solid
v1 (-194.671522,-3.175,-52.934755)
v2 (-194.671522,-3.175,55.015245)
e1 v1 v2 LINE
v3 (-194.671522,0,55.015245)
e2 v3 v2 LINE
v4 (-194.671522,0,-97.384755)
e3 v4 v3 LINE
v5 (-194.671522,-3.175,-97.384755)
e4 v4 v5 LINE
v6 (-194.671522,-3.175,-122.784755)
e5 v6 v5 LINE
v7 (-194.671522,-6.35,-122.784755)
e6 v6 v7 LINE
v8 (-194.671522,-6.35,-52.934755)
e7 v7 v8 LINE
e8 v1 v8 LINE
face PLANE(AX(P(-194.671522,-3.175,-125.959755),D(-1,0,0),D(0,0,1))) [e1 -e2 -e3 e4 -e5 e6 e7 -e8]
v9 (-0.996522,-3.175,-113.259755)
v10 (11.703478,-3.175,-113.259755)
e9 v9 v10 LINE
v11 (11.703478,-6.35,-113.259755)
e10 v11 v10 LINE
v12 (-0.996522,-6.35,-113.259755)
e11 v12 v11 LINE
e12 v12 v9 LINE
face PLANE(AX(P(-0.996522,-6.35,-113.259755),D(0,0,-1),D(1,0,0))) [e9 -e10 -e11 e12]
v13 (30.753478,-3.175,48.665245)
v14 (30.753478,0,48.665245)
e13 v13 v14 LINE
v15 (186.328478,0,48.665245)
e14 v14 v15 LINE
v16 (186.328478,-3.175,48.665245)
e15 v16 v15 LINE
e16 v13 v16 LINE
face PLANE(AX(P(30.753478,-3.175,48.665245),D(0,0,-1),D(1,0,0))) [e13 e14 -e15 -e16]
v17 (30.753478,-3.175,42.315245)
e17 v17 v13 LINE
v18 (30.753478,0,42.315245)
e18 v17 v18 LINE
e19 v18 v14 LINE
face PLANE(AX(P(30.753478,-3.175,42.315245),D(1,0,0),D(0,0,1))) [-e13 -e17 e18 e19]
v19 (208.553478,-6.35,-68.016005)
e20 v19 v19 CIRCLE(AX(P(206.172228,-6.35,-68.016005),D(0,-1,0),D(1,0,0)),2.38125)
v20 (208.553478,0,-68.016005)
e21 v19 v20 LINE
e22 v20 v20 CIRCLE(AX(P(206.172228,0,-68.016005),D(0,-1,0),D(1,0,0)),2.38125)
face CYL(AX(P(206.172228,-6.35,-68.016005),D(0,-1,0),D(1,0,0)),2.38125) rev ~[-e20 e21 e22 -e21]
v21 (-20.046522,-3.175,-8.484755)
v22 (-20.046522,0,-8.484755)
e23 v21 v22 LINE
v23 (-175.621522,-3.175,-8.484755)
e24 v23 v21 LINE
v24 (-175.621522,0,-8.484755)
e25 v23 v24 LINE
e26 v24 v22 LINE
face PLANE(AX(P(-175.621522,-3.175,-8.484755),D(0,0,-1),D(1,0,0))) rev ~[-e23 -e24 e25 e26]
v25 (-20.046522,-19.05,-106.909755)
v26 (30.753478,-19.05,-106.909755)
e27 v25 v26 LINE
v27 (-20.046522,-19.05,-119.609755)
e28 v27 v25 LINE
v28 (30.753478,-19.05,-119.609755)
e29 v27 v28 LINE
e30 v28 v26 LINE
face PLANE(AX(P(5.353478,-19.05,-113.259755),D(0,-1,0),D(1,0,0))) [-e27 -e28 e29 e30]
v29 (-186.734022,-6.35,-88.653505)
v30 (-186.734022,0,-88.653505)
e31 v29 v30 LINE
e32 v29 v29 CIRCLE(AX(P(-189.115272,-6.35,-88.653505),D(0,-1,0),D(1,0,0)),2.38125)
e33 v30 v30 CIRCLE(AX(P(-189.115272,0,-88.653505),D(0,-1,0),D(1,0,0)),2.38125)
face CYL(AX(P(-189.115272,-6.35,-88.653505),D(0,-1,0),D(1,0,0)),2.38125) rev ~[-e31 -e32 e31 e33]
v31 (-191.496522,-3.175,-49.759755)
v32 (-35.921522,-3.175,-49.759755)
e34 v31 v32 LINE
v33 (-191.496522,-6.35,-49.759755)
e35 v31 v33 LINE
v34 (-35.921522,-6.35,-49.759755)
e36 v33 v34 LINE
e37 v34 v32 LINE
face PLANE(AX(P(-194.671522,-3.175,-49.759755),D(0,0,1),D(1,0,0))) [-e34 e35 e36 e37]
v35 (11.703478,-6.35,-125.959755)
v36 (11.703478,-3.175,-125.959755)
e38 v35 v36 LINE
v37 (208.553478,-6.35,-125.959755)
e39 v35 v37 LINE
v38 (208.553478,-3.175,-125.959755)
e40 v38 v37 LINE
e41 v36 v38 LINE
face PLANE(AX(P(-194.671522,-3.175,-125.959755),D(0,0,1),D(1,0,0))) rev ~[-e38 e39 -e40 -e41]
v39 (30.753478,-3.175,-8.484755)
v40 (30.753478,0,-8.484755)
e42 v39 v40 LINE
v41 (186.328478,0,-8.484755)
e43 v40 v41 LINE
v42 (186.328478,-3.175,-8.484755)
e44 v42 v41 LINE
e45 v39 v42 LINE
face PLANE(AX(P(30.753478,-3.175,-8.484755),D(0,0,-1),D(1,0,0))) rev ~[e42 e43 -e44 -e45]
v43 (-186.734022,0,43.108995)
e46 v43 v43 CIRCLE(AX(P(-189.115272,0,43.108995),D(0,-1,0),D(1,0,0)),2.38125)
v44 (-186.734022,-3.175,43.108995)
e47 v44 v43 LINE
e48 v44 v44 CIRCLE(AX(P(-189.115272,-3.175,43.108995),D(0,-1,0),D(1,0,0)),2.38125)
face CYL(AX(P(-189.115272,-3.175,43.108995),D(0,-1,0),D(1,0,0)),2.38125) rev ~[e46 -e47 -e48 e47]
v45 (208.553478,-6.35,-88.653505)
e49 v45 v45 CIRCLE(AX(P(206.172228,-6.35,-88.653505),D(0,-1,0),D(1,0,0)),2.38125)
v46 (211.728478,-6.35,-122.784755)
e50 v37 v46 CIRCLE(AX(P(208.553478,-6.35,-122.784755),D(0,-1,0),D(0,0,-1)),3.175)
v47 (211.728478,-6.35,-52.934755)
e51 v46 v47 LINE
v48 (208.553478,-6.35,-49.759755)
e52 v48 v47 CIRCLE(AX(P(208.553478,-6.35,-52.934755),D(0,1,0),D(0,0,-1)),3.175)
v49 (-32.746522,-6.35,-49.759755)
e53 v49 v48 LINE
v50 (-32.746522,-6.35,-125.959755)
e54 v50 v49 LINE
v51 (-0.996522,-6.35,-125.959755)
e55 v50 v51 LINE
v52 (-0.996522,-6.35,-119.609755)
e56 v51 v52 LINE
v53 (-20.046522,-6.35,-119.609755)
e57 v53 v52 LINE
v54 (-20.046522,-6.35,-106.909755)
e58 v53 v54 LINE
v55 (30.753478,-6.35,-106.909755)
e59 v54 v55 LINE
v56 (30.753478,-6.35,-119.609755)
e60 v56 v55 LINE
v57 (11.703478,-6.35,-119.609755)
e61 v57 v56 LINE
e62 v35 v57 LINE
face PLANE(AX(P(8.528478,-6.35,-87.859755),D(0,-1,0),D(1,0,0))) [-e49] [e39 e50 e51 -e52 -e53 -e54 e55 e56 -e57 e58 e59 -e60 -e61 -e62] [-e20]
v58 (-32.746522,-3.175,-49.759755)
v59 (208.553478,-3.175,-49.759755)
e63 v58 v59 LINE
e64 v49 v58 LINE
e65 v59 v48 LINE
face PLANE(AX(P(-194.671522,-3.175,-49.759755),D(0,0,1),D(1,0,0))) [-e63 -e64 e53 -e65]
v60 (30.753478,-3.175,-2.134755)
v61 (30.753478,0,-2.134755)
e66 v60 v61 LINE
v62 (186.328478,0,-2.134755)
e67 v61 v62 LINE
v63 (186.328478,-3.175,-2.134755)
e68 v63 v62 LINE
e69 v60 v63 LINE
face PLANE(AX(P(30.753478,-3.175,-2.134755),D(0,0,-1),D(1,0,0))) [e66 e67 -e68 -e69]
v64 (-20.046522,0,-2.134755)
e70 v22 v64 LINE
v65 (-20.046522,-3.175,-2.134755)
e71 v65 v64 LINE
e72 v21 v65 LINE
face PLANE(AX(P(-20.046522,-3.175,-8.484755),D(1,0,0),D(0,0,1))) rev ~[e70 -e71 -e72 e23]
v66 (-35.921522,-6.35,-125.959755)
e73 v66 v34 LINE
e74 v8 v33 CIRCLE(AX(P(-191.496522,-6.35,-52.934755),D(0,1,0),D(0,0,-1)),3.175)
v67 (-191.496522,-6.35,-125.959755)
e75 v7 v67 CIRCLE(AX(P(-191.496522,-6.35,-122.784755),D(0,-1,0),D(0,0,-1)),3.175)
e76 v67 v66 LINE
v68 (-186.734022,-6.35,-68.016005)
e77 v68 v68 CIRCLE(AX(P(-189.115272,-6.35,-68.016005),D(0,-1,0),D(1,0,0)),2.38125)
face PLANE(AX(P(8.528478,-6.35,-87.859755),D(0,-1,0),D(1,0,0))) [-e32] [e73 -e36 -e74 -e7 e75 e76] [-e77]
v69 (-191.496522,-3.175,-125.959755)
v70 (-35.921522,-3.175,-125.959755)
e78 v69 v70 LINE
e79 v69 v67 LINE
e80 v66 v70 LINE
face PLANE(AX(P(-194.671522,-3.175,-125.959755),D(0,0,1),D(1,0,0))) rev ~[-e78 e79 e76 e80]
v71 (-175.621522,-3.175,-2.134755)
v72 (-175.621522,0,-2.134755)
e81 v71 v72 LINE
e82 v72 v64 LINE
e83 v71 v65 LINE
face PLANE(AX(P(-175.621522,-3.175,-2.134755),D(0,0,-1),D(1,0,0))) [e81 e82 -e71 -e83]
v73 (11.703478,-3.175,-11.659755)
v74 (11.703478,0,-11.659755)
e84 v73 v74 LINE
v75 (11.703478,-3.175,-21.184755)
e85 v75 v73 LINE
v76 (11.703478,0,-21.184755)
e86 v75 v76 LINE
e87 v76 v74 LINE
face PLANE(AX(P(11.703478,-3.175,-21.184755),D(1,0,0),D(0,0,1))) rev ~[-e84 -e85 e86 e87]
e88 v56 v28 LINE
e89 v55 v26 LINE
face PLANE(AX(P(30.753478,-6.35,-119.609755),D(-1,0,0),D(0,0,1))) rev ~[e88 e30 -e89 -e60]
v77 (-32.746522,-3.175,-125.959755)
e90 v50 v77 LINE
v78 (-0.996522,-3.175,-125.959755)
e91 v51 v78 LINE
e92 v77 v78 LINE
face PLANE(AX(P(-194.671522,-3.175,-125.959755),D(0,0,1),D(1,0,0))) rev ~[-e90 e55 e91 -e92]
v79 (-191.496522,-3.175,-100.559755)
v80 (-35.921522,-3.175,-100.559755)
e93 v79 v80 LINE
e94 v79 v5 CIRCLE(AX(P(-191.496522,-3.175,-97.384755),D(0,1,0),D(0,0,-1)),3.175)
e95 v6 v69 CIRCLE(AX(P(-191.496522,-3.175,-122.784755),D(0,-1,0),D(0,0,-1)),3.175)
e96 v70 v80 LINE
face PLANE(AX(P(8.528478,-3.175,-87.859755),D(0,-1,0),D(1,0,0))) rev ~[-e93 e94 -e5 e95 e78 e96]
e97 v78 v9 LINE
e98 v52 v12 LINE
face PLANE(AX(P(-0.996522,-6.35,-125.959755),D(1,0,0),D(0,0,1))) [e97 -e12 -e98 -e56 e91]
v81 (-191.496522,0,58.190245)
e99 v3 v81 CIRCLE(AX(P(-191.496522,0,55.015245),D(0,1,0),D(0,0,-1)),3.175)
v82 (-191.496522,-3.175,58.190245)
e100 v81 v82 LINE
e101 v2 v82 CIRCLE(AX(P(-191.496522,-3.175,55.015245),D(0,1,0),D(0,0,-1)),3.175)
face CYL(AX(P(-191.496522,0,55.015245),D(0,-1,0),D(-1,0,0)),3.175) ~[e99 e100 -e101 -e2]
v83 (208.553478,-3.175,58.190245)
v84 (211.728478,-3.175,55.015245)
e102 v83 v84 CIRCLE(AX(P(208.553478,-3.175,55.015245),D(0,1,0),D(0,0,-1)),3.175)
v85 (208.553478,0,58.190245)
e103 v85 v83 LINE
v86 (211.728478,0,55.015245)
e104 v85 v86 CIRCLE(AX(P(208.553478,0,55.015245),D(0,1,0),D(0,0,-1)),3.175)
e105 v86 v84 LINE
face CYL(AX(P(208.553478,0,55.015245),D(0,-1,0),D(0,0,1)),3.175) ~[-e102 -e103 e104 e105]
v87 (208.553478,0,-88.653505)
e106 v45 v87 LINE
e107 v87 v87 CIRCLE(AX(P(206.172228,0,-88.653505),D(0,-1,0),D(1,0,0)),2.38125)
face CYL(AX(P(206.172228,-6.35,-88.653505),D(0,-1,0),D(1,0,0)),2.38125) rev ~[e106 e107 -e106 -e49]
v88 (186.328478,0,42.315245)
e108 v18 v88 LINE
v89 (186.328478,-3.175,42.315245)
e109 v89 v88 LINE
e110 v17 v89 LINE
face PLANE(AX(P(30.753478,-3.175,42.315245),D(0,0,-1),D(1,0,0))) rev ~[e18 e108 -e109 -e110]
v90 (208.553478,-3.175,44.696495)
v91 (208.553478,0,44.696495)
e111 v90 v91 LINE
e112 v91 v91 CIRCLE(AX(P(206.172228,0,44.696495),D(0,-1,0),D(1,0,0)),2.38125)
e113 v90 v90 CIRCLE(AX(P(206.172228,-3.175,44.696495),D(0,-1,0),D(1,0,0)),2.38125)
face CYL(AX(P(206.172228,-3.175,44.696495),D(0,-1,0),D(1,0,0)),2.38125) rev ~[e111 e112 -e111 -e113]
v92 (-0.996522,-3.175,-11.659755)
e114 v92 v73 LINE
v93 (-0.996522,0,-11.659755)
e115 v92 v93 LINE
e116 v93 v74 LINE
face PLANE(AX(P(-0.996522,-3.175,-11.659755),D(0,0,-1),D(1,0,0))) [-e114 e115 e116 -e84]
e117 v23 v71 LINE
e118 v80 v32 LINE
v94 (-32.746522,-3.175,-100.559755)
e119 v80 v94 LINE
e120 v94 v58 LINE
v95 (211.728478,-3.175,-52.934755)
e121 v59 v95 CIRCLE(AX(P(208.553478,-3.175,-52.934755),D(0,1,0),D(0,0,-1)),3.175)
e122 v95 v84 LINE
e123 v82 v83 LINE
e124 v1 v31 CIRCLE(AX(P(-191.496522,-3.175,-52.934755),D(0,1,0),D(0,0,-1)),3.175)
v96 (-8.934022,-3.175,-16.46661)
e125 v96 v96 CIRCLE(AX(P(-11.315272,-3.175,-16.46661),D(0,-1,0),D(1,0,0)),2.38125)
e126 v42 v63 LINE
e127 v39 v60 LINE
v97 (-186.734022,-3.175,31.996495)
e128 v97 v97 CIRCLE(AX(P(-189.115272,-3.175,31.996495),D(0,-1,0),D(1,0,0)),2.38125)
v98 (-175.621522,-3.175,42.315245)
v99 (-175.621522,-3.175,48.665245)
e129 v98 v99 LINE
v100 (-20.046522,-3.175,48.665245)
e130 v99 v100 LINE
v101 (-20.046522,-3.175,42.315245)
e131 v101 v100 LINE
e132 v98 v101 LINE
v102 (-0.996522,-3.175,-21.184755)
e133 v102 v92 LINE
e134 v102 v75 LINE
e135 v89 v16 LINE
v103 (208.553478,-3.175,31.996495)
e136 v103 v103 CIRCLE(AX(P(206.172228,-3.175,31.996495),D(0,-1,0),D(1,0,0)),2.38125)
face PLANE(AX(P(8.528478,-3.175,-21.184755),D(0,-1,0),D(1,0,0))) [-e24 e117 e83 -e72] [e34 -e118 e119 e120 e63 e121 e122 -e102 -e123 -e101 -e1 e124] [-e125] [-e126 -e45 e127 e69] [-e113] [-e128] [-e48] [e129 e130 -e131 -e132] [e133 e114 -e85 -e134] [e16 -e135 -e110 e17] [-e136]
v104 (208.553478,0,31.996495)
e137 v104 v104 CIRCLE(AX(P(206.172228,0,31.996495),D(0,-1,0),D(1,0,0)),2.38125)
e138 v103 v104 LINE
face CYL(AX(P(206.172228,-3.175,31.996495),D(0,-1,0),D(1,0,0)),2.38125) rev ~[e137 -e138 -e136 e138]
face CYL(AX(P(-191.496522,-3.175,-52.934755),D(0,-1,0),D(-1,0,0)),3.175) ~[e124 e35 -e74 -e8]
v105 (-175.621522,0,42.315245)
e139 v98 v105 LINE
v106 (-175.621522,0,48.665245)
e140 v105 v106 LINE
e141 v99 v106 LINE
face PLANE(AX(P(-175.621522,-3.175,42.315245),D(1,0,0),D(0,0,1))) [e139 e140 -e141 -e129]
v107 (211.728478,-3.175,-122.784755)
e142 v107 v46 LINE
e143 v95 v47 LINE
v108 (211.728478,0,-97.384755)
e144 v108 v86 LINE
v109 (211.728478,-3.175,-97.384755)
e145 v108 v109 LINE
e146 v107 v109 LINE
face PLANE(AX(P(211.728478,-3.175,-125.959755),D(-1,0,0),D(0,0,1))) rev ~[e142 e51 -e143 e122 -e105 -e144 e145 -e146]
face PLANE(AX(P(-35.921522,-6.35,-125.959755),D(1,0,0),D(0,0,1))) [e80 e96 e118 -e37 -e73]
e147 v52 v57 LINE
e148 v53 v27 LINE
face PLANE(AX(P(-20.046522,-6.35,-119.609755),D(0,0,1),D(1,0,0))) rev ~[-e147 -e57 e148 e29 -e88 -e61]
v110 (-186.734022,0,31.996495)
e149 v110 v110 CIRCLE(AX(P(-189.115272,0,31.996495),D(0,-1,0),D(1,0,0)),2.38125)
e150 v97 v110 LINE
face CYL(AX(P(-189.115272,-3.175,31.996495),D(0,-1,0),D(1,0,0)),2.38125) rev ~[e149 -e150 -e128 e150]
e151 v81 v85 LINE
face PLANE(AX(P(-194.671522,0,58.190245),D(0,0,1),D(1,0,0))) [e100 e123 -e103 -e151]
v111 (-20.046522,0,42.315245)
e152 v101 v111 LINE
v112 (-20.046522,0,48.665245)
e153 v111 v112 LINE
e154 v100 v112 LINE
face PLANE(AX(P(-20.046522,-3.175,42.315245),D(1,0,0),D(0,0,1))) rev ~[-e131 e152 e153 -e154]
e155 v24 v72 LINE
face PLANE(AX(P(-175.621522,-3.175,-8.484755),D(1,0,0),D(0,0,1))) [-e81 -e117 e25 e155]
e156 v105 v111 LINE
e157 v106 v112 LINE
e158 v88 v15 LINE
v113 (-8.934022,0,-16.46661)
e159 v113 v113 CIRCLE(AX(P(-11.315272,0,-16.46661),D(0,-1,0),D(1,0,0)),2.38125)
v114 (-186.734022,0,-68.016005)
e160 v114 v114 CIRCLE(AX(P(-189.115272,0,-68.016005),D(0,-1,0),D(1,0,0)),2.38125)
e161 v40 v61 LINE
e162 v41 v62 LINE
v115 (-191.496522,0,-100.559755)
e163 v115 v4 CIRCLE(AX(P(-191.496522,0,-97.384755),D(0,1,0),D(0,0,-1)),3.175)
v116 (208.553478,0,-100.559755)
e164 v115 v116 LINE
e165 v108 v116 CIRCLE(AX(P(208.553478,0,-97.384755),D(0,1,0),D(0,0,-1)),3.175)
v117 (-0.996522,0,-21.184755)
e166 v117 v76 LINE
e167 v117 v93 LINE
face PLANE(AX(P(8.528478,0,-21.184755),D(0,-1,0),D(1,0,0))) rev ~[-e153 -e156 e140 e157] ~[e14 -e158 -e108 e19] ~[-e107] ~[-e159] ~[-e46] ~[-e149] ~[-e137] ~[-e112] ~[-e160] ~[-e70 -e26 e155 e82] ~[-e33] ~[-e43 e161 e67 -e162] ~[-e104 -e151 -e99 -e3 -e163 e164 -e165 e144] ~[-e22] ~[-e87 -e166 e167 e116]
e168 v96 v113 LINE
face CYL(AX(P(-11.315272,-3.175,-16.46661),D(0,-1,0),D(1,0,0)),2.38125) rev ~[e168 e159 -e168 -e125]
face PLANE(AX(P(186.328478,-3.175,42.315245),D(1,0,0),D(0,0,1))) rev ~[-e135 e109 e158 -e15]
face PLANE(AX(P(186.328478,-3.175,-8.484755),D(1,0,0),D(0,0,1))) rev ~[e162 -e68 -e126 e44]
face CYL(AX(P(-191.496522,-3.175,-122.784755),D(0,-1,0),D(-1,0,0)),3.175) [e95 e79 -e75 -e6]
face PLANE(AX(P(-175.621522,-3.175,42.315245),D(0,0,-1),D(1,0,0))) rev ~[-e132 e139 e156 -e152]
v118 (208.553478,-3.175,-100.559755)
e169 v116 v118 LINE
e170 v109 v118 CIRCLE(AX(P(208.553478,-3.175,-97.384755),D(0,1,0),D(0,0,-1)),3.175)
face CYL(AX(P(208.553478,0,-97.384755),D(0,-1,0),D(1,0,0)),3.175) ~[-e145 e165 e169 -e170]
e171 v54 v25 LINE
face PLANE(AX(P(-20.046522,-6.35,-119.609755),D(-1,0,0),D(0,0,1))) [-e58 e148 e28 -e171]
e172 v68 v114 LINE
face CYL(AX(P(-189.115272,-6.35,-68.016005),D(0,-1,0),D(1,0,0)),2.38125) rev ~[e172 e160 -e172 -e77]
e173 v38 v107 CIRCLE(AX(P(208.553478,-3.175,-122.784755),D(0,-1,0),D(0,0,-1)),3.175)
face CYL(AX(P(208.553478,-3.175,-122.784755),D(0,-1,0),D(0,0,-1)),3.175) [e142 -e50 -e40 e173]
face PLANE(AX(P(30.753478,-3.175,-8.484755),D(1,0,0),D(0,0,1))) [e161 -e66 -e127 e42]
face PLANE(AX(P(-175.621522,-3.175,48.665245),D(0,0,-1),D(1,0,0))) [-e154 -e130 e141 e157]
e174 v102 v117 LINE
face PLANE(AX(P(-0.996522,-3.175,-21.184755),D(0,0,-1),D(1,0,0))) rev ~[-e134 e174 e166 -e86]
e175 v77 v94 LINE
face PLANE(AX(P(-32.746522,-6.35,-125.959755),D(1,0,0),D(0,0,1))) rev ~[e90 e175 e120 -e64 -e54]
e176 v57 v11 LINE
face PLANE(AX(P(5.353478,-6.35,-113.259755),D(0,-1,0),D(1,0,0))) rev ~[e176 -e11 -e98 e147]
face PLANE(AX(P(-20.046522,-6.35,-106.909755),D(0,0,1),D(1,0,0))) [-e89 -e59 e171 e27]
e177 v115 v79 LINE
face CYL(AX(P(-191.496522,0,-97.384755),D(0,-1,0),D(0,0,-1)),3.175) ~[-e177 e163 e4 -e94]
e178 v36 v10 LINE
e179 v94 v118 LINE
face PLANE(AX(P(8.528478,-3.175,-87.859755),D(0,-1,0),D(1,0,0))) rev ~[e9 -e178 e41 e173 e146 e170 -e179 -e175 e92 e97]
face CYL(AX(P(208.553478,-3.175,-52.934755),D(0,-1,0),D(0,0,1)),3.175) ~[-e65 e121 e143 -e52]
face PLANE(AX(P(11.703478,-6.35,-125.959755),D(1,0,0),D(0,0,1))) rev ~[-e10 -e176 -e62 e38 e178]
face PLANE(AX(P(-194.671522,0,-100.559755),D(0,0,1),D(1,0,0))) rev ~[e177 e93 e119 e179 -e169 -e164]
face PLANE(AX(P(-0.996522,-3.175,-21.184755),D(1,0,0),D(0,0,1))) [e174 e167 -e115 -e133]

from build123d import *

# Parameters (mm, degrees)
F0_W      = 406.4
F0_H      = 158.75
F1_DEPTH  = 3.175
F2_R      = 3.175
F3_R      = 3.175
F4_R      = 3.175
F5_R      = 3.175
F6_W      = 155.575
F6_H      = 6.35
F7_DEPTH  = 3.175
F8_W      = 155.575
F8_H      = 6.35
F9_DEPTH  = 3.175
F10_W     = 155.575
F10_H     = 6.35
F11_DEPTH = 3.175
F12_W     = 155.575
F12_H     = 6.35
F13_DEPTH = 25.4
F14_W     = 12.7
F14_H     = 9.525
F15_DEPTH = 25.4
F16_R     = 2.38125
F17_DEPTH = 3.175
F18_R     = 2.38125
F19_DEPTH = 25.4
F20_R     = 2.38125
F21_DEPTH = 25.4
F22_W     = 406.4
F22_H     = 76.2
F23_DEPTH = 3.175
F24_R     = 3.175
F25_R     = 3.175
F26_W     = 12.7
F26_H     = 12.7
F27_DEPTH = 25.4
F28_R     = 2.38125
F29_DEPTH = 25.4
F30_W     = 50.8
F30_H     = 12.7
F31_DEPTH = 12.7
F32_W     = 3.175
F32_H     = 76.2
F33_DEPTH = 3.175


with BuildPart() as f1:
    # F0 (on Front) → F1 (new body)
    with BuildSketch(Plane.XZ):
        with Locations((8.5284784436, -21.1847552925)):
            Rectangle(F0_W, F0_H)
    extrude(amount=F1_DEPTH)

    # F2
    f2_edges = [f1.edges().sort_by_distance(p)[0] for p in [
        (-194.671522, -1.5875, 58.190245),
    ]]
    fillet(f2_edges, radius=F2_R)

    # F3
    f3_edges = [f1.edges().sort_by_distance(p)[0] for p in [
        (211.728478, -1.5875, 58.190245),
    ]]
    fillet(f3_edges, radius=F3_R)

    # F4
    f4_edges = [f1.edges().sort_by_distance(p)[0] for p in [
        (211.728478, -1.5875, -100.559755),
    ]]
    fillet(f4_edges, radius=F4_R)

    # F5
    f5_edges = [f1.edges().sort_by_distance(p)[0] for p in [
        (-194.671522, -1.5875, -100.559755),
    ]]
    fillet(f5_edges, radius=F5_R)

    # F6 (on face) → F7 (cut)
    with BuildSketch(Plane.XZ.offset(3.175)):
        with Locations((-97.8340215564, 45.4902447075)):
            Rectangle(F6_W, F6_H)
    extrude(amount=-F7_DEPTH, mode=Mode.SUBTRACT)

    # F8 (on face) → F9 (cut)
    with BuildSketch(Plane.XZ.offset(3.175)):
        with Locations((-97.8340215564, -5.3097552925)):
            Rectangle(F8_W, F8_H)
    extrude(amount=-F9_DEPTH, mode=Mode.SUBTRACT)

    # F10 (on face) → F11 (cut)
    with BuildSketch(Plane.XZ.offset(3.175)):
        with Locations((108.5409784436, 45.4902447075)):
            Rectangle(F10_W, F10_H)
    extrude(amount=-F11_DEPTH, mode=Mode.SUBTRACT)

    # F12 (on face) → F13 (cut)
    with BuildSketch(Plane.XZ.offset(3.175)):
        with Locations((108.5409784436, -5.3097552925)):
            Rectangle(F12_W, F12_H)
    extrude(amount=-F13_DEPTH, mode=Mode.SUBTRACT)

    # F14 (on face) → F15 (cut)
    with BuildSketch(Plane.XZ.offset(3.175)):
        with Locations((5.3534784436, -16.4222552925)):
            Rectangle(F14_W, F14_H)
    extrude(amount=-F15_DEPTH, mode=Mode.SUBTRACT)

    # F16 (on face) → F17 (cut)
    with BuildSketch(Plane.XZ.offset(3.175)):
        with Locations((-11.3152715564, -16.4666101336)):
            Circle(F16_R)
    extrude(amount=-F17_DEPTH, mode=Mode.SUBTRACT)

    # F18 (on face) → F19 (cut)
    with BuildSketch(Plane.XZ.offset(3.175)):
        with Locations((-189.1152715564, 43.1089947075)):
            Circle(F18_R)
        with Locations((-189.1152715564, 31.9964947075)):
            Circle(F18_R)
    extrude(amount=-F19_DEPTH, mode=Mode.SUBTRACT)

    # F20 (on face) → F21 (cut)
    with BuildSketch(Plane.XZ.offset(3.175)):
        with Locations((206.1722284436, 44.6964947075)):
            Circle(F20_R)
        with Locations((206.1722284436, 31.9964947075)):
            Circle(F20_R)
    extrude(amount=-F21_DEPTH, mode=Mode.SUBTRACT)

    # F22 (on face) → F23 (join)
    with BuildSketch(Plane.XZ.offset(3.175)):
        with Locations((8.5284784436, -87.8597552925)):
            Rectangle(F22_W, F22_H)
    extrude(amount=F23_DEPTH)

    # F24
    f24_edges = [f1.edges().sort_by_distance(p)[0] for p in [
        (-194.671522, -4.7625, -125.959755),
        (211.728478, -4.7625, -125.959755),
    ]]
    fillet(f24_edges, radius=F24_R)

    # F25
    f25_edges = [f1.edges().sort_by_distance(p)[0] for p in [
        (211.728478, -4.7625, -49.759755),
        (-194.671522, -4.7625, -49.759755),
    ]]
    fillet(f25_edges, radius=F25_R)

    # F26 (on face) → F27 (cut)
    with BuildSketch(Plane.XZ.offset(6.35)):
        with Locations((5.3534784436, -119.6097552925)):
            Rectangle(F26_W, F26_H)
    extrude(amount=-F27_DEPTH, mode=Mode.SUBTRACT)

    # F28 (on face) → F29 (cut)
    with BuildSketch(Plane.XZ.offset(6.35)):
        with Locations((206.1722284436, -68.0160052925)):
            Circle(F28_R)
        with Locations((206.1722284436, -88.6535052925)):
            Circle(F28_R)
        with Locations((-189.1152715564, -68.0160052925)):
            Circle(F28_R)
        with Locations((-189.1152715564, -88.6535052925)):
            Circle(F28_R)
    extrude(amount=-F29_DEPTH, mode=Mode.SUBTRACT)

    # F30 (on face) → F31 (join)
    with BuildSketch(Plane.XZ.offset(6.35)):
        with Locations((5.3534784436, -113.2597552925)):
            Rectangle(F30_W, F30_H)
    extrude(amount=F31_DEPTH)

    # F32 (on face) → F33 (cut)
    with BuildSketch(Plane.XZ.offset(6.35)):
        with Locations((-34.3340215564, -87.8597552925)):
            Rectangle(F32_W, F32_H)
    extrude(amount=-F33_DEPTH, mode=Mode.SUBTRACT)


solid = f1.part
